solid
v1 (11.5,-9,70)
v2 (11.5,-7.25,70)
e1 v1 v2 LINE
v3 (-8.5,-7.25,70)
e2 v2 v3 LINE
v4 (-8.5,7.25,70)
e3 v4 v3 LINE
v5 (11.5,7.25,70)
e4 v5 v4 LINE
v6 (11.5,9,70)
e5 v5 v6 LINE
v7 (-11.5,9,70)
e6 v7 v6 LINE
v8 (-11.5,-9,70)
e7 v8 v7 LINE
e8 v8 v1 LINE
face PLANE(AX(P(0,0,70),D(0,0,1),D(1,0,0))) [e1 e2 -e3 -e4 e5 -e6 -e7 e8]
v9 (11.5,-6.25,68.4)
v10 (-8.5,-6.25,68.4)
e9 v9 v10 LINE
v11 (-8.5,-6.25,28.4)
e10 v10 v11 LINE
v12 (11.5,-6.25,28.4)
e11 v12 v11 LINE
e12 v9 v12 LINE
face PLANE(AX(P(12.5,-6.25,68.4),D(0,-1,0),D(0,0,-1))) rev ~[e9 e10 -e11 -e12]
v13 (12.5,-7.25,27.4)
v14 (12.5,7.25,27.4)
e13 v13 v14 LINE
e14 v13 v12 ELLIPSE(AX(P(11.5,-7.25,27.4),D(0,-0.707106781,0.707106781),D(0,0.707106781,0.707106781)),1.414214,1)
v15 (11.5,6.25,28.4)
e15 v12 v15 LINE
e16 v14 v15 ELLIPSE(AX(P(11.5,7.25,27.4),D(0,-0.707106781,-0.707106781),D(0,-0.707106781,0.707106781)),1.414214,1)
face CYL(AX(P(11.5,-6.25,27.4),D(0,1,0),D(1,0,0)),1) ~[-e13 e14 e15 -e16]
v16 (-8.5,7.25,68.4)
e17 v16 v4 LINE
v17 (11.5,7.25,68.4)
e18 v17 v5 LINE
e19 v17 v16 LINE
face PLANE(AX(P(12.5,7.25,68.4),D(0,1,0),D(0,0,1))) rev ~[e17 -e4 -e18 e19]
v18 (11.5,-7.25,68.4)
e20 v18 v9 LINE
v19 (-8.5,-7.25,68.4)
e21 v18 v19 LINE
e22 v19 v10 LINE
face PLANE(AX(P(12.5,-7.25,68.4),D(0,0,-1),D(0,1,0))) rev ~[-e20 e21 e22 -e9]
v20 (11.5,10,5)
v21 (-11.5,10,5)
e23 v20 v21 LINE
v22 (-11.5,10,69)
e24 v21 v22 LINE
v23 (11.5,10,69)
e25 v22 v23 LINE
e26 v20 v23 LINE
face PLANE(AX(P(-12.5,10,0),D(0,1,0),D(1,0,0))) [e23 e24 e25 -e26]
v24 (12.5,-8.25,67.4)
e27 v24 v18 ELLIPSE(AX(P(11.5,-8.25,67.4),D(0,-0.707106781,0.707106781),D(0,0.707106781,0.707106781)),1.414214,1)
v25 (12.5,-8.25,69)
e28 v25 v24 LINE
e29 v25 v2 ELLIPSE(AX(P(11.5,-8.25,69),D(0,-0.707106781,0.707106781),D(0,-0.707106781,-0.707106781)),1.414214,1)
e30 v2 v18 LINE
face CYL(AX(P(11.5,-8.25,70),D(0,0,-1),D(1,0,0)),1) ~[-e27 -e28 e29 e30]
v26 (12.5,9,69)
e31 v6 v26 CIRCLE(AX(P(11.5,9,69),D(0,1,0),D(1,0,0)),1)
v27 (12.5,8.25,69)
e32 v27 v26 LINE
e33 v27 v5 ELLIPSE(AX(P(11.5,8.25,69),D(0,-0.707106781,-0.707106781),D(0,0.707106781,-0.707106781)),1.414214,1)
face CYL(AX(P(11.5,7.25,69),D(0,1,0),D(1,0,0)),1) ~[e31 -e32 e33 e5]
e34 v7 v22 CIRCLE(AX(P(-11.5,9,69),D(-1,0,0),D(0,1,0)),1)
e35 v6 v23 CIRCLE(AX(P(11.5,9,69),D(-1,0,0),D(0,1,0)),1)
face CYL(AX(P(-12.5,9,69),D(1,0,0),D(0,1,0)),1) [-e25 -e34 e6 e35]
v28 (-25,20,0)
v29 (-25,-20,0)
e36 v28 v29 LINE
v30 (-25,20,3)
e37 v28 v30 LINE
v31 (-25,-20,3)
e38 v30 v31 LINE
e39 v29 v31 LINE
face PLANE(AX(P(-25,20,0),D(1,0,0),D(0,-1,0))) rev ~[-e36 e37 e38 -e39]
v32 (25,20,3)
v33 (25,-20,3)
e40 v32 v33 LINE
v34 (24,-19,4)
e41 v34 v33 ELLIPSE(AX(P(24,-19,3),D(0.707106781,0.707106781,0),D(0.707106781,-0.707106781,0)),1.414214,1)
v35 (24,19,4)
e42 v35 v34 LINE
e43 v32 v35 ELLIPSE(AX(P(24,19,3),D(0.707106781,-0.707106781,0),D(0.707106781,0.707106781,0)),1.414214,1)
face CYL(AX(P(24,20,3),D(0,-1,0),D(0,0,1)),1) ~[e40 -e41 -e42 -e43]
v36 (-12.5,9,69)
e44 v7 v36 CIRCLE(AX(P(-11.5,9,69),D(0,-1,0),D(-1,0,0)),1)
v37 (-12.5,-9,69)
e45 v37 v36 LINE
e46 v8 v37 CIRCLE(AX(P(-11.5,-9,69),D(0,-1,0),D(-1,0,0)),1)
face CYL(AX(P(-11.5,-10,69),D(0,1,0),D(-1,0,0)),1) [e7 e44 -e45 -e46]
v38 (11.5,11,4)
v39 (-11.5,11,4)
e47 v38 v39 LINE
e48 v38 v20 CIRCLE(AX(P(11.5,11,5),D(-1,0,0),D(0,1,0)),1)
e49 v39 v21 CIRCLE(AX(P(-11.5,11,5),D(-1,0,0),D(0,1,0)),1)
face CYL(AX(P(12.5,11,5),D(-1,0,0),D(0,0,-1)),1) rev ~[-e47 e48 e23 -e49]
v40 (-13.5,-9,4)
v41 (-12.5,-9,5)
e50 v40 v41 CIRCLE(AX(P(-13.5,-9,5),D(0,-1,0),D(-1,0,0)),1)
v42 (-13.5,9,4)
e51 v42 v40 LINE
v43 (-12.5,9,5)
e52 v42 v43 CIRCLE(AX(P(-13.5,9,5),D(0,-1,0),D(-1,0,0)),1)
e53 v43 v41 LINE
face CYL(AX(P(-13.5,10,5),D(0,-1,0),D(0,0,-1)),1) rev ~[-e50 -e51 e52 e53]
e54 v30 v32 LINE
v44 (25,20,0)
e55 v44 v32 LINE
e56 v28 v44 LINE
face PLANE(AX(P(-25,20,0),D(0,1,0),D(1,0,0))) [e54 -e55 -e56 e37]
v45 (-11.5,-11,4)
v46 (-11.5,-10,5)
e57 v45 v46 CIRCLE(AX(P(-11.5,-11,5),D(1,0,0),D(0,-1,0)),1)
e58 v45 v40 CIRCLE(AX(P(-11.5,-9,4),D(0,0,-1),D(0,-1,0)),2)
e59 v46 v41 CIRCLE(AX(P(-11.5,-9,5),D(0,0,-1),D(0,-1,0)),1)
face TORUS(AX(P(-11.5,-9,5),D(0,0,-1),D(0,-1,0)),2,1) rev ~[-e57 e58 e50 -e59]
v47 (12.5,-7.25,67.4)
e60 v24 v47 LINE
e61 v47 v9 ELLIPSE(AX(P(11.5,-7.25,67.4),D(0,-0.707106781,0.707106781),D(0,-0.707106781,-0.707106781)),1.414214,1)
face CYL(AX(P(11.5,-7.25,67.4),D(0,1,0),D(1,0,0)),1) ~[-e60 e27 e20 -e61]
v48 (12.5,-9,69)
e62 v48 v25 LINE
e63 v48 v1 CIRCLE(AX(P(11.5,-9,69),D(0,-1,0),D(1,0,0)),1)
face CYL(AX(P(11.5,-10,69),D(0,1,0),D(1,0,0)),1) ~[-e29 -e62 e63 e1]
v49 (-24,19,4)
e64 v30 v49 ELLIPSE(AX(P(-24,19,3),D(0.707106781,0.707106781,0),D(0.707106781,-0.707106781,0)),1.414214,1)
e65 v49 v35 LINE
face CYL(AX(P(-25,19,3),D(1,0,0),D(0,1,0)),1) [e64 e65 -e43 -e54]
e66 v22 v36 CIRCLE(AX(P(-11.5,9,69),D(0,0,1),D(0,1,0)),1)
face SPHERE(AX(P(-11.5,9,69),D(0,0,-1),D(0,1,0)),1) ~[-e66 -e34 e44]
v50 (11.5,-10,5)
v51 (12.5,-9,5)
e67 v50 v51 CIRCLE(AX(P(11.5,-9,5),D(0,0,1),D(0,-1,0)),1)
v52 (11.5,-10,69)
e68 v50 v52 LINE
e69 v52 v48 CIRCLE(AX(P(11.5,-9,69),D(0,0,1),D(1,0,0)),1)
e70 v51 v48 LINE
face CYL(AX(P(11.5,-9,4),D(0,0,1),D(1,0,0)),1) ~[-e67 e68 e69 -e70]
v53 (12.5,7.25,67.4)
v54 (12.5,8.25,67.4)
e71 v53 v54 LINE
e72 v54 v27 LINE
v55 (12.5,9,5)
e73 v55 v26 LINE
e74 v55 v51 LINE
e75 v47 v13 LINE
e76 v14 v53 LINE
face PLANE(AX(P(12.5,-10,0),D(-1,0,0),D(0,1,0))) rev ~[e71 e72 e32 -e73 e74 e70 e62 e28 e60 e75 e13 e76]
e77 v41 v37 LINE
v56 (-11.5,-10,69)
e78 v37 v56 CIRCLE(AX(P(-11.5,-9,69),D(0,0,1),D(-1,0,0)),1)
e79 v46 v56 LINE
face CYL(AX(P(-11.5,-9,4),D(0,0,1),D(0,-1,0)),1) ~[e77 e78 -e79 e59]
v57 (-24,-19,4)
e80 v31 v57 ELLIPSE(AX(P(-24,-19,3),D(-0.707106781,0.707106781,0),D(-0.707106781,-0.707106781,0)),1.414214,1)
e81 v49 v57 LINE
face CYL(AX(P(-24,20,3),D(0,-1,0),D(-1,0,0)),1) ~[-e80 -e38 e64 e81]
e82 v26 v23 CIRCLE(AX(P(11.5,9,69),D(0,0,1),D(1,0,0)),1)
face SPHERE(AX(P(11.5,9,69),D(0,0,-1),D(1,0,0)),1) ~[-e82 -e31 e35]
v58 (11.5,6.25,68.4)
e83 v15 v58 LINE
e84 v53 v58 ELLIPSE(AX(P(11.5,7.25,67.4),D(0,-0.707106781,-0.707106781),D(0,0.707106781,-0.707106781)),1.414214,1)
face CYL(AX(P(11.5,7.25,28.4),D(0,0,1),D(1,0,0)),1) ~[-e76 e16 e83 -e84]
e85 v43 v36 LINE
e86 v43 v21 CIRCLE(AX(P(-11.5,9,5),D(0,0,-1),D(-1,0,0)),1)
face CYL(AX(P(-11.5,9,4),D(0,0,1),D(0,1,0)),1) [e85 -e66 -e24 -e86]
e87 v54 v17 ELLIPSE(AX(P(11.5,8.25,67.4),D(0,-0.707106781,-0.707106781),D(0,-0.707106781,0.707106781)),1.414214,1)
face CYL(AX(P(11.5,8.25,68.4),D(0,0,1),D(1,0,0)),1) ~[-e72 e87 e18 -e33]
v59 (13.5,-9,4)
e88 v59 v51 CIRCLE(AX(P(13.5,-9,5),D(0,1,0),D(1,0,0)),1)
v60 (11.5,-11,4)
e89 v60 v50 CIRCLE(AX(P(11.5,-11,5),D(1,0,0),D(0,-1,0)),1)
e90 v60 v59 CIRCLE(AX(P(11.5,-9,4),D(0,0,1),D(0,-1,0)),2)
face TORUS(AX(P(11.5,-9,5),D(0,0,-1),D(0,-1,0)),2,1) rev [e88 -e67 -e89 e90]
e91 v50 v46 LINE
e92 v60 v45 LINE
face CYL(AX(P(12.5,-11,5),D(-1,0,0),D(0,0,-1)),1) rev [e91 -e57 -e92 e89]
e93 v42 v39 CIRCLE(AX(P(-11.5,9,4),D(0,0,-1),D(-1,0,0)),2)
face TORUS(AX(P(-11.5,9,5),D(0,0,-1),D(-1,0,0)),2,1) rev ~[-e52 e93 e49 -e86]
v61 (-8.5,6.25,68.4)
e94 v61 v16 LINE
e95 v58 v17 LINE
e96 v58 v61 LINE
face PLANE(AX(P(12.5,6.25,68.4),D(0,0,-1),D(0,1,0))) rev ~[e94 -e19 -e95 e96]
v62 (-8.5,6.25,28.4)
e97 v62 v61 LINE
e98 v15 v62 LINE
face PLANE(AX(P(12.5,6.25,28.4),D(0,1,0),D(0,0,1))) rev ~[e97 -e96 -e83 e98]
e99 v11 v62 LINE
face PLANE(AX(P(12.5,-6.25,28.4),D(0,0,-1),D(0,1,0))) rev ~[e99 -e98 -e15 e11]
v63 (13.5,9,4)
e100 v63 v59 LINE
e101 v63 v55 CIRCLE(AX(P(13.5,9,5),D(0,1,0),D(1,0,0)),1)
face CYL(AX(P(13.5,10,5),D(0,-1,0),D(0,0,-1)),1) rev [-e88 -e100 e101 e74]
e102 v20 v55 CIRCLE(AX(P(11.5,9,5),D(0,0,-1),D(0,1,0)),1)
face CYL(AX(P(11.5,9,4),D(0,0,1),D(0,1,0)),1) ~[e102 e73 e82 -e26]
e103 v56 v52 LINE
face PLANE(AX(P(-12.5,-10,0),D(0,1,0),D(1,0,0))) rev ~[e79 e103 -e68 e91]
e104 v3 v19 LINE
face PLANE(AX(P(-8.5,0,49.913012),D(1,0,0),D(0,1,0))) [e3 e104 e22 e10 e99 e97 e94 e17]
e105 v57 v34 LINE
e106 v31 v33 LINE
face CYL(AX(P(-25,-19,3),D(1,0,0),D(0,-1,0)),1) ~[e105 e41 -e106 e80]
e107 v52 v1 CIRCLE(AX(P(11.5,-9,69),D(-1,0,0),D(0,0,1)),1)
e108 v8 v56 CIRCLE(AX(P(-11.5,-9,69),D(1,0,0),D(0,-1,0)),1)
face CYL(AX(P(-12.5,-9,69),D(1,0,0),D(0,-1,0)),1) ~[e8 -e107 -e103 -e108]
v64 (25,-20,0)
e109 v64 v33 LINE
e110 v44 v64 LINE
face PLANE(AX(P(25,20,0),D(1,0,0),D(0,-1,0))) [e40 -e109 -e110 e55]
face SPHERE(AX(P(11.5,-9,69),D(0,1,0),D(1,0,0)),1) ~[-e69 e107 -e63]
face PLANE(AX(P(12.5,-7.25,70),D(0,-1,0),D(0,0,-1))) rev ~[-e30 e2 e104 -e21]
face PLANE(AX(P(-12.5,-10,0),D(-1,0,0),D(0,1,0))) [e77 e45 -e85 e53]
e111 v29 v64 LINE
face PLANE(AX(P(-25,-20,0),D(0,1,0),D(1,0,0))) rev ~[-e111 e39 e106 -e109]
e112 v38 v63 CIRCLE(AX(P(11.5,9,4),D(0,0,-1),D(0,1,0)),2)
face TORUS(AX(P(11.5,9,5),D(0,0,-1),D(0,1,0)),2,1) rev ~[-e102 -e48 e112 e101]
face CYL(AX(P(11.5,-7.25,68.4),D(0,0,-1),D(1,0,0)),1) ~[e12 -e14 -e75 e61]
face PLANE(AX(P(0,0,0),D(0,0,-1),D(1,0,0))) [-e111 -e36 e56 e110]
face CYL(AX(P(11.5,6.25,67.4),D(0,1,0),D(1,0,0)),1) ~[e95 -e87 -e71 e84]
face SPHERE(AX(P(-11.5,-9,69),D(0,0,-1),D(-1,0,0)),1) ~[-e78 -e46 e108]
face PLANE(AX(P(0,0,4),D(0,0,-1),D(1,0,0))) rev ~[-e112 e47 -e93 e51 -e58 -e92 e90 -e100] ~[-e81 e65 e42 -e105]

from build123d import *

# Parameters (mm, degrees)
F0_W     = 25
F0_H     = 20
F1_DEPTH = 70
F3_DEPTH = 21
F4_W     = 50
F4_H     = 40
F5_DEPTH = 4
F6_R     = 1


with BuildPart() as f1:
    # F0 (on Top) → F1 (new body)
    with BuildSketch(Plane.XY):
        Rectangle(F0_W, F0_H)
    extrude(amount=F1_DEPTH)

    # F2 (on face) → F3 (cut)
    with BuildSketch(Plane.YZ.offset(12.5)):
        Polygon((7.25, 70), (-7.25, 70), (-7.25, 68.4), (-6.25, 68.4), (-6.25, 28.4), (6.25, 28.4), (6.25, 68.4), (7.25, 68.4), align=None)
    extrude(amount=-F3_DEPTH, mode=Mode.SUBTRACT)

    # F4 (on face) → F5 (join)
    with BuildSketch(Plane(origin=(0, 0, 0), x_dir=(1, 0, 0), z_dir=(0, 0, -1))):
        Rectangle(F4_W, F4_H)
    extrude(amount=-F5_DEPTH)

    # F6
    f6_edges = [f1.edges().sort_by_distance(p)[0] for p in [
        (0, 20, 4),
        (-25, 0, 4),
        (25, 0, 4),
        (0, -20, 4),
        (0, -10, 4),
        (-12.5, 0, 4),
        (0, 10, 4),
        (12.5, 0, 4),
        (12.5, 10, 37),
        (12.5, 8.625, 70),
        (12.5, 7.25, 69.2),
        (12.5, 6.75, 68.4),
        (12.5, 6.25, 48.4),
        (12.5, 0, 28.4),
        (12.5, -6.25, 48.4),
        (12.5, -6.75, 68.4),
        (12.5, -7.25, 69.2),
        (12.5, -8.625, 70),
        (12.5, -10, 37),
        (-12.5, 10, 37),
        (0, 10, 70),
        (-12.5, -10, 37),
        (-12.5, 0, 70),
        (0, -10, 70),
    ]]
    fillet(f6_edges, radius=F6_R)


solid = f1.part
